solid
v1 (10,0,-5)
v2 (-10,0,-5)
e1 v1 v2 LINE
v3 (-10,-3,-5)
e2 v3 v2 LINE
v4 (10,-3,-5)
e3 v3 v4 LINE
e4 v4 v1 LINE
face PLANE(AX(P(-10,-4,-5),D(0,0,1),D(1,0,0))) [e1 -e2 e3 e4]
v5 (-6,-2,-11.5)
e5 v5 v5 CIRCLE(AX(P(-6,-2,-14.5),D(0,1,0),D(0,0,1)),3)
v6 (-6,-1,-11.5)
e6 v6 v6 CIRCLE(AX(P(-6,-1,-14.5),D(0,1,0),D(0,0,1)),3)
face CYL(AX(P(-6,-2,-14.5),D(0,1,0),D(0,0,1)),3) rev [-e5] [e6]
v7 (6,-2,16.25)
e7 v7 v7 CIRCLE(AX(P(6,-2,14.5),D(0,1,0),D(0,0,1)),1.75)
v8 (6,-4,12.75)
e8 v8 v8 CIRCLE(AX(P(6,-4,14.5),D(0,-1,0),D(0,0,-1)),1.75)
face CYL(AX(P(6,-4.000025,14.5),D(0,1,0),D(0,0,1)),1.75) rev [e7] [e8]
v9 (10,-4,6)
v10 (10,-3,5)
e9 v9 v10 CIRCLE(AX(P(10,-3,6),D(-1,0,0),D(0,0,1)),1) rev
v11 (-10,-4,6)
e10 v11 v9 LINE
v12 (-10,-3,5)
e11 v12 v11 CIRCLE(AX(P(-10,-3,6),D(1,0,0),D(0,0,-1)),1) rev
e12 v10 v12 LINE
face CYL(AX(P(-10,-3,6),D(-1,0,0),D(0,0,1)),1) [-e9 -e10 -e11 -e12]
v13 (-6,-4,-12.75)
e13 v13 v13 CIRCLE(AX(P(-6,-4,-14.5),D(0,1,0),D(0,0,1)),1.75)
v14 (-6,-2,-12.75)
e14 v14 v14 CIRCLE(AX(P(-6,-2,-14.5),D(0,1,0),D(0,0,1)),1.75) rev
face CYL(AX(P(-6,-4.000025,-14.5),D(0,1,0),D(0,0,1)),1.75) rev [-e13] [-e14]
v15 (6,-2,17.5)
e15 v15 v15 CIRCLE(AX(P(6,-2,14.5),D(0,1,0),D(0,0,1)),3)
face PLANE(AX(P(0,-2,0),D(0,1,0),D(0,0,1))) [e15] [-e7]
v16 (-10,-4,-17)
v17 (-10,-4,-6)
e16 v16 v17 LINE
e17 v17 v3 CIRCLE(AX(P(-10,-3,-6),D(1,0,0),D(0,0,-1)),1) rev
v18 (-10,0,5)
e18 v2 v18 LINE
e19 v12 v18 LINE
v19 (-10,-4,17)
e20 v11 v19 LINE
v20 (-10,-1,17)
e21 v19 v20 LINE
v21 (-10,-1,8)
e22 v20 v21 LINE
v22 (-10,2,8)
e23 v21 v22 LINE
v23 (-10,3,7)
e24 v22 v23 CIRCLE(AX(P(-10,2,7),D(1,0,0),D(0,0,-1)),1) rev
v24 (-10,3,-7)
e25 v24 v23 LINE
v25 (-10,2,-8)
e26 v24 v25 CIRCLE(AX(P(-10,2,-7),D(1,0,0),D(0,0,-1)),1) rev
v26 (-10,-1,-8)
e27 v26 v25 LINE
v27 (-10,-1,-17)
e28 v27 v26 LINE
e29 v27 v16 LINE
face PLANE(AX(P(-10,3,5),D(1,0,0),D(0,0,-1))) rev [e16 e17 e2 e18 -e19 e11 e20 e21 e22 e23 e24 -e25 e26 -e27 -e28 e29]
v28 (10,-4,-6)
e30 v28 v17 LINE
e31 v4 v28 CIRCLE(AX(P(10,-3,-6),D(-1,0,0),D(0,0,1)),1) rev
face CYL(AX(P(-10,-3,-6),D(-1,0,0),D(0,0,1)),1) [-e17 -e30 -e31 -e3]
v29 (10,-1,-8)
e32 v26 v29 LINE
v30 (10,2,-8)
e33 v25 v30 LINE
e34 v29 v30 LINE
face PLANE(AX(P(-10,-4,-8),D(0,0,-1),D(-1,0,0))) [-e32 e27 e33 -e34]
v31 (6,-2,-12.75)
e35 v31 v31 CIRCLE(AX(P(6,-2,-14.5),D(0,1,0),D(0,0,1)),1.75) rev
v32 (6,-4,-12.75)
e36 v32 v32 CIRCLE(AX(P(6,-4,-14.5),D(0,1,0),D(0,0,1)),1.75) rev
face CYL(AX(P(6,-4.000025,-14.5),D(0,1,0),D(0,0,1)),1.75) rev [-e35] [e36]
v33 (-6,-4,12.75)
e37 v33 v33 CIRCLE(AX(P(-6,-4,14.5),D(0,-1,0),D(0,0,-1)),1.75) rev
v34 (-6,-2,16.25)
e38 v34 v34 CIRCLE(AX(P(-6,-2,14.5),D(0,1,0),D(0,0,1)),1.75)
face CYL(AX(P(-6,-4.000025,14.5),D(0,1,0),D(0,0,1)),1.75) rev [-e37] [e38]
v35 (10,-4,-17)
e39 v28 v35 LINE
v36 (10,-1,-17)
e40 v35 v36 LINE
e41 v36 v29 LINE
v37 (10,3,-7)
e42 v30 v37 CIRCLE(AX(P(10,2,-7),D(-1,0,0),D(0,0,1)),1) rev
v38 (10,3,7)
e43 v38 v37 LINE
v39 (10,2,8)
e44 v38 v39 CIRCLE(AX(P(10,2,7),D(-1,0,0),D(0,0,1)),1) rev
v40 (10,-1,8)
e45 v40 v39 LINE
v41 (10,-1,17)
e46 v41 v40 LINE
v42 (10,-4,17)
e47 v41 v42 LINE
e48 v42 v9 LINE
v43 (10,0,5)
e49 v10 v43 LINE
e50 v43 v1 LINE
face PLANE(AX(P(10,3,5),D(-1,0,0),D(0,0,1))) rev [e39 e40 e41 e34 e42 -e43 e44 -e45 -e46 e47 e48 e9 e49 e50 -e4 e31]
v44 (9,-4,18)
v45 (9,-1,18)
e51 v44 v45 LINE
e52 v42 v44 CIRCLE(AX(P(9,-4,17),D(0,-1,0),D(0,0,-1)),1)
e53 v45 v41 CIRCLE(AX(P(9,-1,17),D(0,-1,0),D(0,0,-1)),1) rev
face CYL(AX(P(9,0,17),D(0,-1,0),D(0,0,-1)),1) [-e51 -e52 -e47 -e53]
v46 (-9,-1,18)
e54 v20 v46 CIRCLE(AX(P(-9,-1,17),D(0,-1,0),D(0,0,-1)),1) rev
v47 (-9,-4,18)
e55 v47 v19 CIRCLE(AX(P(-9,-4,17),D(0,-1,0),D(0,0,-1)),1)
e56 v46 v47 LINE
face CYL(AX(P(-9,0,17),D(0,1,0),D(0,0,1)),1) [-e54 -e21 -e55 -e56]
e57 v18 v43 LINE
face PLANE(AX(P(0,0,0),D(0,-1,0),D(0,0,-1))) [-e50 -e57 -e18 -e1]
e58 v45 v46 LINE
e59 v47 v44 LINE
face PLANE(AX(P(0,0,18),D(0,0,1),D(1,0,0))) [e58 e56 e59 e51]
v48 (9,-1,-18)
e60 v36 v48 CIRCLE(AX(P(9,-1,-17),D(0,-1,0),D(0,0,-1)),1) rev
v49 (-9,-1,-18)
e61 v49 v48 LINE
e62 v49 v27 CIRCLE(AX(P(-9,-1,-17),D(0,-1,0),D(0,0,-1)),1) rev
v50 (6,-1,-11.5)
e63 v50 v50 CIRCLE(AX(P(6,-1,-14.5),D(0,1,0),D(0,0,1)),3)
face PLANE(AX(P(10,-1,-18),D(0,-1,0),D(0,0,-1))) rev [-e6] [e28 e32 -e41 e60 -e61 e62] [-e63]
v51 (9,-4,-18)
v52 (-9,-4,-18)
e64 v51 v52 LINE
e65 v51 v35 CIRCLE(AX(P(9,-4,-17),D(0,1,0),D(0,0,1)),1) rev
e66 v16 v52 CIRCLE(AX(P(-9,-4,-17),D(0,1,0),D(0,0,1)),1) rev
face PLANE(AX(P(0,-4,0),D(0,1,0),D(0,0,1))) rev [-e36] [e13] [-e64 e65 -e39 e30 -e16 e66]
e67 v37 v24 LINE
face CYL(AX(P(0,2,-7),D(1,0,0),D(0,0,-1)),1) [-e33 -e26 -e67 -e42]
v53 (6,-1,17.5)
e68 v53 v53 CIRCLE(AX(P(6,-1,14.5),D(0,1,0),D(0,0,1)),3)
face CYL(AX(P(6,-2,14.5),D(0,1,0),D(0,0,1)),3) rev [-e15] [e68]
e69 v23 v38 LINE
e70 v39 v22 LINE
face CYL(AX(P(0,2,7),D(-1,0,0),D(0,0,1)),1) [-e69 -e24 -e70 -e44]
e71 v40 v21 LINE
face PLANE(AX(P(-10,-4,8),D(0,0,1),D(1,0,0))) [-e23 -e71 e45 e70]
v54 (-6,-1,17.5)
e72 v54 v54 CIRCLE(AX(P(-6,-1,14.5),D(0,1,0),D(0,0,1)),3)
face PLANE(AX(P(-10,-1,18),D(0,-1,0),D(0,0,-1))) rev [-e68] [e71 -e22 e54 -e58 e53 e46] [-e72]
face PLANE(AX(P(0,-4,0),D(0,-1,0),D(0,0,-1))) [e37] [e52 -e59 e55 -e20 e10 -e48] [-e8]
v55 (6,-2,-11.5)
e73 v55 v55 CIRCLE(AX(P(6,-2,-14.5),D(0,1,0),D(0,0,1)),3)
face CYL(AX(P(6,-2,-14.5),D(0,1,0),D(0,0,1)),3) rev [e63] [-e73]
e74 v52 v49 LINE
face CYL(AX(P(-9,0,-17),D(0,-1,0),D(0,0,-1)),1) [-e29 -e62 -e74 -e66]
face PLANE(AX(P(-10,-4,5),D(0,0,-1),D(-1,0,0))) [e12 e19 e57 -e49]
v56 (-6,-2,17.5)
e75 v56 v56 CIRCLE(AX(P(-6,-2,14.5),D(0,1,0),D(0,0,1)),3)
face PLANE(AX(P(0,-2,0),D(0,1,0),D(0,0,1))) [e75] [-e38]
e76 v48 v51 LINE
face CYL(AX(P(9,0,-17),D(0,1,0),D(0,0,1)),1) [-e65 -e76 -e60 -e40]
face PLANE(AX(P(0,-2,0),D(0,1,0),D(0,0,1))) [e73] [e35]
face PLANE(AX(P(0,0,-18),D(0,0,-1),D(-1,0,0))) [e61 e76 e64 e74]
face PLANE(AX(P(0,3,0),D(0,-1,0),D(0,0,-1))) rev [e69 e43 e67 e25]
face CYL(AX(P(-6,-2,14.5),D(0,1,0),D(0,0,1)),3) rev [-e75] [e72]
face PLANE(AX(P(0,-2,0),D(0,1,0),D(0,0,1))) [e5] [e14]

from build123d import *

# Parameters (mm, degrees)
SKETCH_21_W         = 20
SKETCH_21_H         = 10
EXTRUDE_3_DEPTH     = 3
SKETCH_22_W         = 20
SKETCH_22_H         = 3
EXTRUDE_4_DEPTH     = 7
SKETCH_23_W         = 20
SKETCH_23_H         = 3
EXTRUDE_5_DEPTH     = 10
SKETCH_24_W         = 20
SKETCH_24_H         = 3
EXTRUDE_6_DEPTH     = 10
SKETCH_25_R         = 1.75
CUT_EXTRUDE_1_DEPTH = 21.976176963
SKETCH_26_R         = 3
SKETCH_26_R_2       = 1.75
CUT_EXTRUDE_2_DEPTH = 1
FILLET_1_R          = 1


with BuildPart() as part:
    # 草图21 → 凸台-拉伸3 (new body)
    with BuildSketch(Plane(origin=(0, 0, 0), x_dir=(1, 0, 0), z_dir=(0, 1, 0))):
        Rectangle(SKETCH_21_W, SKETCH_21_H)
    extrude(amount=EXTRUDE_3_DEPTH)

    # 草图22 → 凸台-拉伸4 (add)
    with BuildSketch(Plane(origin=(0, 3, 0), x_dir=(1, 0, 0), z_dir=(0, 1, 0))):
        with Locations((0, -6.5)):
            Rectangle(SKETCH_22_W, SKETCH_22_H)
        with Locations((0, 6.5)):
            Rectangle(SKETCH_22_W, SKETCH_22_H)
    extrude(amount=-EXTRUDE_4_DEPTH)

    # 草图23 → 凸台-拉伸5 (add)
    with BuildSketch(Plane.XY.offset(8)):
        with Locations((0, -2.5)):
            Rectangle(SKETCH_23_W, SKETCH_23_H)
    extrude(amount=EXTRUDE_5_DEPTH)

    # 草图24 → 凸台-拉伸6 (add)
    with BuildSketch(Plane(origin=(0, 0, -8), x_dir=(-1, 0, 0), z_dir=(0, 0, -1))):
        with Locations((0, -2.5)):
            Rectangle(SKETCH_24_W, SKETCH_24_H)
    extrude(amount=EXTRUDE_6_DEPTH)

    # 草图25 → 切除-拉伸1 (cut, through all)
    with BuildSketch(Plane(origin=(0, -1, 0), x_dir=(1, 0, 0), z_dir=(0, 1, 0))):
        with Locations(Location((-6, 14.5, 0), (0, 0, 270))):
            Circle(SKETCH_25_R)
        with Locations(Location((6, 14.5, 0), (0, 0, 270))):
            Circle(SKETCH_25_R)
        with Locations(Location((-6, -14.5, 0), (0, 0, 270))):
            Circle(SKETCH_25_R)
        with Locations(Location((6, -14.5, 0), (0, 0, 270))):
            Circle(SKETCH_25_R)
    extrude(amount=-CUT_EXTRUDE_1_DEPTH, mode=Mode.SUBTRACT)

    # 草图26 → 切除-拉伸2 (cut)
    # profile 1 of 4: a face of its own
    with BuildSketch(Plane(origin=(0, -1, 0), x_dir=(1, 0, 0), z_dir=(0, 1, 0))):
        with Locations(Location((-6, 14.5, 0), (0, 0, 270))):
            Circle(SKETCH_26_R)
        with Locations(Location((-6, 14.5, 0), (0, 0, 270))):
            Circle(SKETCH_26_R_2, mode=Mode.SUBTRACT)
    # profile 2 of 4: a face of its own
    with BuildSketch(Plane(origin=(0, -1, 0), x_dir=(1, 0, 0), z_dir=(0, 1, 0))):
        with Locations(Location((6, 14.5, 0), (0, 0, 270))):
            Circle(SKETCH_26_R)
        with Locations(Location((6, 14.5, 0), (0, 0, 270))):
            Circle(SKETCH_26_R_2, mode=Mode.SUBTRACT)
    # profile 3 of 4: a face of its own
    with BuildSketch(Plane(origin=(0, -1, 0), x_dir=(1, 0, 0), z_dir=(0, 1, 0))):
        with Locations(Location((-6, -14.5, 0), (0, 0, 270))):
            Circle(SKETCH_26_R)
        with Locations(Location((-6, -14.5, 0), (0, 0, 270))):
            Circle(SKETCH_26_R_2, mode=Mode.SUBTRACT)
    # profile 4 of 4: a face of its own
    with BuildSketch(Plane(origin=(0, -1, 0), x_dir=(1, 0, 0), z_dir=(0, 1, 0))):
        with Locations(Location((6, -14.5, 0), (0, 0, 270))):
            Circle(SKETCH_26_R)
        with Locations(Location((6, -14.5, 0), (0, 0, 270))):
            Circle(SKETCH_26_R_2, mode=Mode.SUBTRACT)
    extrude(amount=-CUT_EXTRUDE_2_DEPTH, mode=Mode.SUBTRACT)

    # 圆角1
    fillet_1_edges = [part.edges().sort_by_distance(p)[0] for p in [
        (10, -2.5, 18),
        (-10, -2.5, 18),
        (-10, -2.5, -18),
        (10, -2.5, -18),
        (0, 3, 8),
        (0, 3, -8),
        (0, -4, 5),
        (0, -4, -5),
    ]]
    fillet(fillet_1_edges, radius=FILLET_1_R)


solid = part.part
